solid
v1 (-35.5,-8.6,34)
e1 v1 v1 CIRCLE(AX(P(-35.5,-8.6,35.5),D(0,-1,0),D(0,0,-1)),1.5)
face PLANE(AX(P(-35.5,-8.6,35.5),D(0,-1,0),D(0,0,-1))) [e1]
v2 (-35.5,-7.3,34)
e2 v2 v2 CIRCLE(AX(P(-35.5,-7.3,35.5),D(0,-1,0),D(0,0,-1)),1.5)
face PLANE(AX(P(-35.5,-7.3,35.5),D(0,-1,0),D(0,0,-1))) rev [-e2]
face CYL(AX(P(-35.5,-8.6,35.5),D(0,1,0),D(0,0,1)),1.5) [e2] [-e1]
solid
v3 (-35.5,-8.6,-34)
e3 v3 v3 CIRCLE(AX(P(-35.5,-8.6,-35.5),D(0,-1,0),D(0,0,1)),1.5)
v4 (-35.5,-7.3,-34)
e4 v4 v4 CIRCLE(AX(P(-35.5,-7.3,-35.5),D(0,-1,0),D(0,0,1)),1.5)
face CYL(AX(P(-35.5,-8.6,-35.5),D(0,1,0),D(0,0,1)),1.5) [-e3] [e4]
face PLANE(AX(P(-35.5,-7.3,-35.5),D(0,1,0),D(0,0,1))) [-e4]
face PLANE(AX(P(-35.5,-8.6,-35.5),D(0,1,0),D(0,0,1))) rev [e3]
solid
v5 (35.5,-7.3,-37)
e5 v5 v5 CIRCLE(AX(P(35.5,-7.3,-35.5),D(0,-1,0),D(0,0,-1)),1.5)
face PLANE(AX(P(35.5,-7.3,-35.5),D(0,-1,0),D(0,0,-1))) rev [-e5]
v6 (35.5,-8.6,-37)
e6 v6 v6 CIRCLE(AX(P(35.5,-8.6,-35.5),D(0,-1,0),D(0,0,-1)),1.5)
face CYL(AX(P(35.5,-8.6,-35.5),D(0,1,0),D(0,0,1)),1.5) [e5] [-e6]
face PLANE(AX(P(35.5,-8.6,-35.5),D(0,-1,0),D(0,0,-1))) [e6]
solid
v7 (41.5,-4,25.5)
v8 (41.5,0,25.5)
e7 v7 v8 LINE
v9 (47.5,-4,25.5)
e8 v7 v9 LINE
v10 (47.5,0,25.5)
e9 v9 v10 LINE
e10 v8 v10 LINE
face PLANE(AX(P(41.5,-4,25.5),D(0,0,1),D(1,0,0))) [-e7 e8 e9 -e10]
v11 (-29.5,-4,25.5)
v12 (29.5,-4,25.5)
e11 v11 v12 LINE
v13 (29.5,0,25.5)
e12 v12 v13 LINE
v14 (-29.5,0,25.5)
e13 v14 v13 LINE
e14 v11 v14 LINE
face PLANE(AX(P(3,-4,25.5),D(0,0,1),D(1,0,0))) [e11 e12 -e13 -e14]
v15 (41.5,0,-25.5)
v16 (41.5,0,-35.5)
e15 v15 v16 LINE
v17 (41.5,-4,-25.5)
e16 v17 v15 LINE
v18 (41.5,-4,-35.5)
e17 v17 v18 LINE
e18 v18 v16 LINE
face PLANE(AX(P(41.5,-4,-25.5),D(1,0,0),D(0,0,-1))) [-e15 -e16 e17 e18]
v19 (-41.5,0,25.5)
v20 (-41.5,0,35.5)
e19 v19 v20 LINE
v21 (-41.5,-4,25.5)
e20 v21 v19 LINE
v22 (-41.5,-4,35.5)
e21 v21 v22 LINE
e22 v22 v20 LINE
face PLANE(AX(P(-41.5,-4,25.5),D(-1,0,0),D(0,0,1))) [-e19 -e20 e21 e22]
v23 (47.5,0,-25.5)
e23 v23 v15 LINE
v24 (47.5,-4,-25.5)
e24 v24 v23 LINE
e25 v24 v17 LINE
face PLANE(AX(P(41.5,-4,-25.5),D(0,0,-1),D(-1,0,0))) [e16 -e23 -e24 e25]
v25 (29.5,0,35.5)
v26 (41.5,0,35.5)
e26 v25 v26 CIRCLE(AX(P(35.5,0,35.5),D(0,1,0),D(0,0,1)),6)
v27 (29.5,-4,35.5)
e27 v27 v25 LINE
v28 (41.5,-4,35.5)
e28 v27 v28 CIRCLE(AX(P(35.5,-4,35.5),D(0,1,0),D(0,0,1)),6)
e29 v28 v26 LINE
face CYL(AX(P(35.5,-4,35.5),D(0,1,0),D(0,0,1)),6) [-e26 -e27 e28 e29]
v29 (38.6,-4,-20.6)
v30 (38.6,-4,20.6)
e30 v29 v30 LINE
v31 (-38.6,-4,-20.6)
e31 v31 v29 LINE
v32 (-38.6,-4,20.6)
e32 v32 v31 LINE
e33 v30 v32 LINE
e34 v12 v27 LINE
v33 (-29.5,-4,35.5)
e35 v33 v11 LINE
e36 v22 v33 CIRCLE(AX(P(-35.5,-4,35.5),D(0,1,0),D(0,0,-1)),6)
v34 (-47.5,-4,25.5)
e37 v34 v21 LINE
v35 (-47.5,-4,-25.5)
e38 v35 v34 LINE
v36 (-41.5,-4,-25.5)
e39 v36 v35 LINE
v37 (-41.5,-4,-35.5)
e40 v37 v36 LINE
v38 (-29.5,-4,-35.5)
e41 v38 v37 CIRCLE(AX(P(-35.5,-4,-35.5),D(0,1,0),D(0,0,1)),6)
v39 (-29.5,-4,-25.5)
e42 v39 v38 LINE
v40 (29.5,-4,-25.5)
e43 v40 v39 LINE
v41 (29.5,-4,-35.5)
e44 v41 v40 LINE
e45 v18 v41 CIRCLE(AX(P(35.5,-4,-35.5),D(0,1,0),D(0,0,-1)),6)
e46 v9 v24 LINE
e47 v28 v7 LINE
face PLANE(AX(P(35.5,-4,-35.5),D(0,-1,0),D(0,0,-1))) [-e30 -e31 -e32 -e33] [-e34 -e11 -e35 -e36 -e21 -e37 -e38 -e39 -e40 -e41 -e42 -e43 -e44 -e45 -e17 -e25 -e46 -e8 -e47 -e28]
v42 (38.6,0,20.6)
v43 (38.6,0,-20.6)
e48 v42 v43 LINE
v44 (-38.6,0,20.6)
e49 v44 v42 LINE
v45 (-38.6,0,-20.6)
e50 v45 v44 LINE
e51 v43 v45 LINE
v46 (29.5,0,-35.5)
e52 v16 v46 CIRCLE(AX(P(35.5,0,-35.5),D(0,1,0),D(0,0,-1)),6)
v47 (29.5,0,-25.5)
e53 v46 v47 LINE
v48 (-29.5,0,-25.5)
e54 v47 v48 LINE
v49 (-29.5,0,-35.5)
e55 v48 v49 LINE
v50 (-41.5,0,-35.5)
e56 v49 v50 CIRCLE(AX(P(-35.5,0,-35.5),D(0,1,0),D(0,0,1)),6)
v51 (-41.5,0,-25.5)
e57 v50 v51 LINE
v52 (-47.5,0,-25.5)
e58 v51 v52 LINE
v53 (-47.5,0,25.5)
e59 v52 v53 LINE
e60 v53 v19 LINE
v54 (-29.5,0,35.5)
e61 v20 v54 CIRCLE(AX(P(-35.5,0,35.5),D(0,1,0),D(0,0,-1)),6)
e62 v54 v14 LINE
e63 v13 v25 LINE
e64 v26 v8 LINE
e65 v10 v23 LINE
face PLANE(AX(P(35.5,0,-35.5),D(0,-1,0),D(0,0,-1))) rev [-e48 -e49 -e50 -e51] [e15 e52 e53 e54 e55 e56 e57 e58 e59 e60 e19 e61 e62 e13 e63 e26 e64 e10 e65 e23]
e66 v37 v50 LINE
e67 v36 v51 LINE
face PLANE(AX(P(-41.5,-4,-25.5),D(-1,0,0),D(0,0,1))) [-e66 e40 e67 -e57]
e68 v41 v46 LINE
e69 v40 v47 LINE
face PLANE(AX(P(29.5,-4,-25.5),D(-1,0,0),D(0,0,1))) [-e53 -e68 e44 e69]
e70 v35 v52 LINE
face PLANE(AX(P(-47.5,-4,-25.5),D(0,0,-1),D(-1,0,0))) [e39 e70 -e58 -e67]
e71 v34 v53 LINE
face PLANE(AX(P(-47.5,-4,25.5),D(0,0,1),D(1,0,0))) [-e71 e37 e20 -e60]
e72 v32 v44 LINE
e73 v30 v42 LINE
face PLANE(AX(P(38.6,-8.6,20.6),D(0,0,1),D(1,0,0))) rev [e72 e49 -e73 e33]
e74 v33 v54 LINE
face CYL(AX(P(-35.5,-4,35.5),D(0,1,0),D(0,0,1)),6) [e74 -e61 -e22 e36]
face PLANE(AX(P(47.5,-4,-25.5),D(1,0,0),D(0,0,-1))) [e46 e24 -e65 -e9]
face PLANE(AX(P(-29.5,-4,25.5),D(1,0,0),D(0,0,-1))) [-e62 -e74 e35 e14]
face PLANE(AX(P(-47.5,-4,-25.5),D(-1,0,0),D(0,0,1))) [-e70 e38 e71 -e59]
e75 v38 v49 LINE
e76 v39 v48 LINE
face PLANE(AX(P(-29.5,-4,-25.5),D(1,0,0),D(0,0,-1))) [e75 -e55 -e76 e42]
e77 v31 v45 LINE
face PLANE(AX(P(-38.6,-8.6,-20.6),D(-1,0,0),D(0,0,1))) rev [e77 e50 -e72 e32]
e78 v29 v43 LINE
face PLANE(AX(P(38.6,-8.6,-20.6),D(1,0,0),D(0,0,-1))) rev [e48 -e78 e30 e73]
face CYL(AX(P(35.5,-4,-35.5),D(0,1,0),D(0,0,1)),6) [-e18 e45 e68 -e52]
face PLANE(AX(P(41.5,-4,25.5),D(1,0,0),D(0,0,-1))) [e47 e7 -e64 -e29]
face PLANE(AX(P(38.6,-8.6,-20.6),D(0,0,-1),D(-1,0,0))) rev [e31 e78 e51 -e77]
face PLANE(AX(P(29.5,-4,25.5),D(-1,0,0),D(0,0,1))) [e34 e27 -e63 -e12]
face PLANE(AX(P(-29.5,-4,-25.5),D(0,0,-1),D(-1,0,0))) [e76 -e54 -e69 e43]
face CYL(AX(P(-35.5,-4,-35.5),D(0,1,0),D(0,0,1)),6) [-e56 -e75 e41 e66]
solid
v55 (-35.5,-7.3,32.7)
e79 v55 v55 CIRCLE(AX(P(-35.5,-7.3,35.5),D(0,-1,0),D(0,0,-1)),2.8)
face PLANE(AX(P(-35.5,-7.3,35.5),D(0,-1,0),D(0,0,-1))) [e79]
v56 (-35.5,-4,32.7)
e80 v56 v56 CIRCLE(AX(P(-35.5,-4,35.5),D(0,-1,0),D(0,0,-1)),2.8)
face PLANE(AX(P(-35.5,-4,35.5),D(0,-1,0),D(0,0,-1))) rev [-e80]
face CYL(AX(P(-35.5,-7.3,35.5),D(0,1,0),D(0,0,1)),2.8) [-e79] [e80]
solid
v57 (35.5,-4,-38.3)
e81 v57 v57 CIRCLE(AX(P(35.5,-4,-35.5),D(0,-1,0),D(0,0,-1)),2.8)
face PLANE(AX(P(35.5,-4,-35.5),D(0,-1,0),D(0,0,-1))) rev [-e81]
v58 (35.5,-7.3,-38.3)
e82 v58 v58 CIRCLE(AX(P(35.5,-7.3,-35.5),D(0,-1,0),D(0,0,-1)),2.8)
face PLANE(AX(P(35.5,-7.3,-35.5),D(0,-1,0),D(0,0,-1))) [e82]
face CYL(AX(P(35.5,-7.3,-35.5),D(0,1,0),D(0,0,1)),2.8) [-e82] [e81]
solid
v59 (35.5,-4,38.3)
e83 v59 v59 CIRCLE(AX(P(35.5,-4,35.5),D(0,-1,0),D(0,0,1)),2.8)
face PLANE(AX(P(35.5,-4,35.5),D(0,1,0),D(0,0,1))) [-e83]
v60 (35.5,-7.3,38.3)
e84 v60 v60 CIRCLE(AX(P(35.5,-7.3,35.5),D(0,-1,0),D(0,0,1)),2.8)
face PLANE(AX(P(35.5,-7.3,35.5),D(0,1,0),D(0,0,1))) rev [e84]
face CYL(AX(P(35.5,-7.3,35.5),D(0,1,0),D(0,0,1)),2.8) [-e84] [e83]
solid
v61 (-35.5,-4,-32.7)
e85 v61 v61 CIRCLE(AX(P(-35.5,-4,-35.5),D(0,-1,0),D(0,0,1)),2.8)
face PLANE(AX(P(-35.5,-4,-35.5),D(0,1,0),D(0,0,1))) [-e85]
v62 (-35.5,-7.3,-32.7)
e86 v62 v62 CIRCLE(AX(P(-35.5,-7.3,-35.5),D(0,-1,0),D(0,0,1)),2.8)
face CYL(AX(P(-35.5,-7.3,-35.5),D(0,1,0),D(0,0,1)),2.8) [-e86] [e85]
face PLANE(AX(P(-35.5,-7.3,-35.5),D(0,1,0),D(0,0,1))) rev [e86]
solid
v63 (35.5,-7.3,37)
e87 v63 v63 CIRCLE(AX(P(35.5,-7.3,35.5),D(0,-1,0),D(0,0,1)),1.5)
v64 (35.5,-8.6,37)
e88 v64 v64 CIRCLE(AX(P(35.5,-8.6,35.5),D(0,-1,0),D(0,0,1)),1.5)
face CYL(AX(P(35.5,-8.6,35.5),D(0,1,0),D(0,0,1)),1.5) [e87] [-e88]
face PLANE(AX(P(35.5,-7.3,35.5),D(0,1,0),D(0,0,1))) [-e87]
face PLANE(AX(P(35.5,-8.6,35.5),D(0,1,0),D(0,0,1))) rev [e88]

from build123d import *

# Parameters (mm, degrees)
EXTRUDE_1_DEPTH     = 4
SKETCH_4_R          = 2.8
EXTRUDE_2_DEPTH     = 3.3
EXTRUDE_2_2_DEPTH   = 3.3
EXTRUDE_2_3_DEPTH   = 3.3
EXTRUDE_2_4_DEPTH   = 3.3
SKETCH_5_R          = 1.5
EXTRUDE_3_DEPTH     = 1.3
EXTRUDE_3_2_DEPTH   = 1.3
EXTRUDE_3_3_DEPTH   = 1.3
EXTRUDE_3_4_DEPTH   = 1.3
SKETCH_10_W         = 77.2
SKETCH_10_H         = 41.2
CUT_EXTRUDE_5_DEPTH = 64.658934958


with BuildPart() as part:
    # 草图1 → 凸台-拉伸1 (new body)
    with BuildSketch(Plane(origin=(0, 0, 0), x_dir=(1, 0, 0), z_dir=(0, 1, 0))):
        with BuildLine():
            Line((-47.5, 25.5), (-41.5, 25.5))
            Line((-41.5, 25.5), (-41.5, 35.5))
            ThreePointArc((-41.5, 35.5), (-35.5, 41.5), (-29.5, 35.5))
            Line((-29.5, 35.5), (-29.5, 25.5))
            Line((-29.5, 25.5), (-3, 25.5))
            Line((-3, 25.5), (3, 25.5))
            Line((3, 25.5), (29.5, 25.5))
            Line((29.5, 25.5), (29.5, 35.5))
            ThreePointArc((29.5, 35.5), (35.5, 41.5), (41.5, 35.5))
            Line((41.5, 35.5), (41.5, 25.5))
            Line((41.5, 25.5), (47.5, 25.5))
            Line((47.5, 25.5), (47.5, -25.5))
            Line((47.5, -25.5), (41.5, -25.5))
            Line((41.5, -25.5), (41.5, -35.5))
            ThreePointArc((41.5, -35.5), (35.5, -41.5), (29.5, -35.5))
            Line((29.5, -35.5), (29.5, -25.5))
            Line((29.5, -25.5), (3, -25.5))
            Line((3, -25.5), (-3, -25.5))
            Line((-3, -25.5), (-29.5, -25.5))
            Line((-29.5, -25.5), (-29.5, -35.5))
            ThreePointArc((-29.5, -35.5), (-35.5, -41.5), (-41.5, -35.5))
            Line((-41.5, -35.5), (-41.5, -25.5))
            Line((-41.5, -25.5), (-47.5, -25.5))
            Line((-47.5, -25.5), (-47.5, 25.5))
        make_face()
    extrude(amount=-EXTRUDE_1_DEPTH)

    # 草图10 → 切除-拉伸5 (cut, through all)
    with BuildSketch(Plane(origin=(0, 0, 0), x_dir=(1, 0, 0), z_dir=(0, 1, 0))):
        Rectangle(SKETCH_10_W, SKETCH_10_H)
    extrude(amount=-CUT_EXTRUDE_5_DEPTH, mode=Mode.SUBTRACT)


with BuildPart() as body_2:
    # 草图4 → 凸台-拉伸2 (new body)
    with BuildSketch(Plane.XZ.offset(4)):
        with Locations(Location((35.5, 35.5, 0), (0, 0, 90))):
            Circle(SKETCH_4_R)
    extrude(amount=EXTRUDE_2_DEPTH)


with BuildPart() as body_3:
    # 草图4 → Extrude 2 2 (new body)
    with BuildSketch(Plane.XZ.offset(4)):
        with Locations(Location((35.5, -35.5, 0), (0, 0, 270))):
            Circle(SKETCH_4_R)
    extrude(amount=EXTRUDE_2_2_DEPTH)


with BuildPart() as body_4:
    # 草图4 → Extrude 2 3 (new body)
    with BuildSketch(Plane.XZ.offset(4)):
        with Locations(Location((-35.5, -35.5, 0), (0, 0, 90))):
            Circle(SKETCH_4_R)
    extrude(amount=EXTRUDE_2_3_DEPTH)


with BuildPart() as body_5:
    # 草图4 → Extrude 2 4 (new body)
    with BuildSketch(Plane.XZ.offset(4)):
        with Locations(Location((-35.5, 35.5, 0), (0, 0, 270))):
            Circle(SKETCH_4_R)
    extrude(amount=EXTRUDE_2_4_DEPTH)


with BuildPart() as body_6:
    # 草图5 → 凸台-拉伸3 (new body)
    with BuildSketch(Plane.XZ.offset(7.3)):
        with Locations(Location((-35.5, 35.5, 0), (0, 0, 270))):
            Circle(SKETCH_5_R)
    extrude(amount=EXTRUDE_3_DEPTH)


with BuildPart() as body_7:
    # 草图5 → Extrude 3 2 (new body)
    with BuildSketch(Plane.XZ.offset(7.3)):
        with Locations(Location((35.5, 35.5, 0), (0, 0, 90))):
            Circle(SKETCH_5_R)
    extrude(amount=EXTRUDE_3_2_DEPTH)


with BuildPart() as body_8:
    # 草图5 → Extrude 3 3 (new body)
    with BuildSketch(Plane.XZ.offset(7.3)):
        with Locations(Location((35.5, -35.5, 0), (0, 0, 270))):
            Circle(SKETCH_5_R)
    extrude(amount=EXTRUDE_3_3_DEPTH)


with BuildPart() as body_9:
    # 草图5 → Extrude 3 4 (new body)
    with BuildSketch(Plane.XZ.offset(7.3)):
        with Locations(Location((-35.5, -35.5, 0), (0, 0, 90))):
            Circle(SKETCH_5_R)
    extrude(amount=EXTRUDE_3_4_DEPTH)


solid = Compound([part.part, body_2.part, body_3.part, body_4.part, body_5.part, body_6.part, body_7.part, body_8.part, body_9.part])
